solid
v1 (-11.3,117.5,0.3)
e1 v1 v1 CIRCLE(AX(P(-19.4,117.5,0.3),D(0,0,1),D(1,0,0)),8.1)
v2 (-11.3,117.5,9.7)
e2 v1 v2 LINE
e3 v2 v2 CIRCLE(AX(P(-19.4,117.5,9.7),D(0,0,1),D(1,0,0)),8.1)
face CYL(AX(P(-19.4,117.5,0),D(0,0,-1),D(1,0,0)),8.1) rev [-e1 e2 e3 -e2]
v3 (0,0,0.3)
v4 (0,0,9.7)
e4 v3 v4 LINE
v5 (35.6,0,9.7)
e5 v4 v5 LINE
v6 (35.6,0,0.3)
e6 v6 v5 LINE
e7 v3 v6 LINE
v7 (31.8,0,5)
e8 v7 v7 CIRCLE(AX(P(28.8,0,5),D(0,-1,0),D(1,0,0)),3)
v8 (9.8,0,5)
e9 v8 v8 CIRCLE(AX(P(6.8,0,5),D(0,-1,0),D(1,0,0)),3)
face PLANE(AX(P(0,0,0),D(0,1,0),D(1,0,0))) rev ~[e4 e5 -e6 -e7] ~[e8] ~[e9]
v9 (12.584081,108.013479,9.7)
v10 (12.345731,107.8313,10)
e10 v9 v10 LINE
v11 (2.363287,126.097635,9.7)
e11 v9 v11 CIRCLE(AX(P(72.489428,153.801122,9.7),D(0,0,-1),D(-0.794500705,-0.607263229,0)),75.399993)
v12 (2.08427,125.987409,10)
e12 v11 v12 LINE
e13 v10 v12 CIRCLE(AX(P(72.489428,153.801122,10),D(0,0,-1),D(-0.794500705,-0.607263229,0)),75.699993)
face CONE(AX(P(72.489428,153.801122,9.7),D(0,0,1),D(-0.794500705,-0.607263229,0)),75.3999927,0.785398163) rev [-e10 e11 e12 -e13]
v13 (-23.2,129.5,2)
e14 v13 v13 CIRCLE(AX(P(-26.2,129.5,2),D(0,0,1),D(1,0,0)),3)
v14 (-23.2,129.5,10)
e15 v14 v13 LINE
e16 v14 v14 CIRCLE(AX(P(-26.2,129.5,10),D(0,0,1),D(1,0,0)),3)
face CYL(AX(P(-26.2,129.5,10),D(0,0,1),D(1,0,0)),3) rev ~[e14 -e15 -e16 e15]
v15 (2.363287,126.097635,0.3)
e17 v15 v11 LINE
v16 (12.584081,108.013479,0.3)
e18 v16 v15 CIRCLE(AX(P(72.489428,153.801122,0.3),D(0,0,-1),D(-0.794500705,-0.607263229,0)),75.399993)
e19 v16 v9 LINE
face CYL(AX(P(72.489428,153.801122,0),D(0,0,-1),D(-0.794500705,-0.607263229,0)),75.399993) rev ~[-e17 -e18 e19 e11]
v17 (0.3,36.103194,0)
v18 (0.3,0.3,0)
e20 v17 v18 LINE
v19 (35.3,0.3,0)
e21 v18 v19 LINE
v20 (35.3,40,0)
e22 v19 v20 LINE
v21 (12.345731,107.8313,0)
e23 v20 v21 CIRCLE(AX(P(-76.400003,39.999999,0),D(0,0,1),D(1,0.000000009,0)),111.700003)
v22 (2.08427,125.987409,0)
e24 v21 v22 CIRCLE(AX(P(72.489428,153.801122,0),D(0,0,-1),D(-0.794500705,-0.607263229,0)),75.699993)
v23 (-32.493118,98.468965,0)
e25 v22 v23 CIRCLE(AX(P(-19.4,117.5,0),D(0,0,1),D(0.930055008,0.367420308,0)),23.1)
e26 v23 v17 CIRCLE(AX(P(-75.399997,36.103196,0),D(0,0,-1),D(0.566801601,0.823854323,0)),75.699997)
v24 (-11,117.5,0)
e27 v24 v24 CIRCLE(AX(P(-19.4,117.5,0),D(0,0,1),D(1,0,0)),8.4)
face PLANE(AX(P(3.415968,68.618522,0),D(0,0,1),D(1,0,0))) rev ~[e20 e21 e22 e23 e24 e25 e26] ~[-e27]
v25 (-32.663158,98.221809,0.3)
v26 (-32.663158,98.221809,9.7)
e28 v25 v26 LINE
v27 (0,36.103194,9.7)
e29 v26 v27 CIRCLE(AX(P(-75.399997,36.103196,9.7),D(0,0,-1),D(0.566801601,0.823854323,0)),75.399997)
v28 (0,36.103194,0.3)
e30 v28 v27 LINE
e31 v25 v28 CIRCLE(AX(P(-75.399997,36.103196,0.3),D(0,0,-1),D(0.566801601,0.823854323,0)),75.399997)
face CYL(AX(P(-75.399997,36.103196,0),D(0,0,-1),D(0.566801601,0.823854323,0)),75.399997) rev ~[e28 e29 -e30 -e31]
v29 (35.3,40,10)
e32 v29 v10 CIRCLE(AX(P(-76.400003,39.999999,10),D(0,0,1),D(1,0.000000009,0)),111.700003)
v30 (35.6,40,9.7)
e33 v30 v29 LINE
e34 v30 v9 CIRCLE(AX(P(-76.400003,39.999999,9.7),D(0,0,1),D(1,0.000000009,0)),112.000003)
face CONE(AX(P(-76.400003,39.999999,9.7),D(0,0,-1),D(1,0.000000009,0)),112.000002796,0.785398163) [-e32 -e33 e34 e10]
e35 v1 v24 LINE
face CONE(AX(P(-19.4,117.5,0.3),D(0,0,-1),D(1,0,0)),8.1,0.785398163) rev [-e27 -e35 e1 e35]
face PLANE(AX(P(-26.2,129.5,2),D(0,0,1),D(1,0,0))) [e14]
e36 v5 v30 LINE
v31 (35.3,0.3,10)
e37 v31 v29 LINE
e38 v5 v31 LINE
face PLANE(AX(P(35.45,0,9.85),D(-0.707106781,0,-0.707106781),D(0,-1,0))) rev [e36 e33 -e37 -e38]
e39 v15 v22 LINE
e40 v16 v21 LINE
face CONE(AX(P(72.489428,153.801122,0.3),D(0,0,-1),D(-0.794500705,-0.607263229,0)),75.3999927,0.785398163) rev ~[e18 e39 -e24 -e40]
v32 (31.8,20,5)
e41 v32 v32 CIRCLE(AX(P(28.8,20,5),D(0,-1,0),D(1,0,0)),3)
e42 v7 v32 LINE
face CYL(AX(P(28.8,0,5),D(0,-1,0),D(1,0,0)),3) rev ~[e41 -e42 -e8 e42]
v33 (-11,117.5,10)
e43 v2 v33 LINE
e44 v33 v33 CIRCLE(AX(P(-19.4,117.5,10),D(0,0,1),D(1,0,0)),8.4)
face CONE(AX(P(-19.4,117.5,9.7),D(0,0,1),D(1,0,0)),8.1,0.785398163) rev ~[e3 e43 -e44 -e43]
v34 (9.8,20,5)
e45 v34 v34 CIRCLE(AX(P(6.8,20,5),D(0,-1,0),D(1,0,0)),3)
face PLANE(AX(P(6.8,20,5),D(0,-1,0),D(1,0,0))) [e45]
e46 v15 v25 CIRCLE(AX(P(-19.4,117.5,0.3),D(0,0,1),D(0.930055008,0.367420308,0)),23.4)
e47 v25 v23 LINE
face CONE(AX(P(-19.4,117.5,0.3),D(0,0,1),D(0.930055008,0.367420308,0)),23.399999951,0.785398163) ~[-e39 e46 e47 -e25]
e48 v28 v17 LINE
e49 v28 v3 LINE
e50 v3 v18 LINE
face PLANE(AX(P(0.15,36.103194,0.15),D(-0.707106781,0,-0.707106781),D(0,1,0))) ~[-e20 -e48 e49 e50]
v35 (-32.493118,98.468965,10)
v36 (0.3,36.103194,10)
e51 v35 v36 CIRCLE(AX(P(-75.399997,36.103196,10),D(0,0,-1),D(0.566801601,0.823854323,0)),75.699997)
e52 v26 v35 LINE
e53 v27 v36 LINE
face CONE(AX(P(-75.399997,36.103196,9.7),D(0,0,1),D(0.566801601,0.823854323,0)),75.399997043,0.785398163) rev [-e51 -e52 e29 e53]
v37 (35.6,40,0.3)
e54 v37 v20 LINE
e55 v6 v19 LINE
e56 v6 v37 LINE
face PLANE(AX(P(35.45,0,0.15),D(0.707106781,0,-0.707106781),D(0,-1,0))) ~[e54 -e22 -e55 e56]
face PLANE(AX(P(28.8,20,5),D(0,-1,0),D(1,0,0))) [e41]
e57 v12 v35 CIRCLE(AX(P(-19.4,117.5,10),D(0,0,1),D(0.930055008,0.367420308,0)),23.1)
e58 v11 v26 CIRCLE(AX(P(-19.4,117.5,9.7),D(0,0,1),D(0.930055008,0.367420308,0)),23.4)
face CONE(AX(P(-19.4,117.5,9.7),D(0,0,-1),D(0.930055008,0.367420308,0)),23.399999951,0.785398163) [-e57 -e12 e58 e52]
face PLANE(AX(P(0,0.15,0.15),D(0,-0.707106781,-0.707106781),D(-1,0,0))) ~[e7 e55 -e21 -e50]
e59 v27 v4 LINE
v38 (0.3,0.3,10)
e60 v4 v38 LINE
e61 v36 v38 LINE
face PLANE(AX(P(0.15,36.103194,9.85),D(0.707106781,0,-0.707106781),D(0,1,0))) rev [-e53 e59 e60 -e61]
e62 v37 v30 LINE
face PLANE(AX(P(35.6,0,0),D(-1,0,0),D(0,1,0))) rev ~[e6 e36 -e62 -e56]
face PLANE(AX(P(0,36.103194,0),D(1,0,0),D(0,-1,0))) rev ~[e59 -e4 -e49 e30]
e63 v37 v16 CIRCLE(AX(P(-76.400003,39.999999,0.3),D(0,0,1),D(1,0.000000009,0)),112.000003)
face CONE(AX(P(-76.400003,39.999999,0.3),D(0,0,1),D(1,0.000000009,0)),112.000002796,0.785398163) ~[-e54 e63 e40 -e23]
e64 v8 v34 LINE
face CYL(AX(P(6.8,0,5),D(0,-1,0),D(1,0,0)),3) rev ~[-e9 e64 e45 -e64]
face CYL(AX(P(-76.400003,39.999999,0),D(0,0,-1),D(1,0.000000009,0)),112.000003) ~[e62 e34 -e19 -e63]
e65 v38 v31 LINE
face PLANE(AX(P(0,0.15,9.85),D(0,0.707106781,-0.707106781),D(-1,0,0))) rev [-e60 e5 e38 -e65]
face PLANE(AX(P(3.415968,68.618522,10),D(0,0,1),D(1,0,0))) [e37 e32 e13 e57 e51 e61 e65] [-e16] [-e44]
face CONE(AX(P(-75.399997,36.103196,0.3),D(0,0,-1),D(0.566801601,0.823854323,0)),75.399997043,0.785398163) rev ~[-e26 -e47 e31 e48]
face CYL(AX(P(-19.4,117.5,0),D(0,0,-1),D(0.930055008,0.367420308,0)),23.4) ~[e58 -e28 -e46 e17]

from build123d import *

# Parameters (mm, degrees)
F0_R     = 8.1
F1_DEPTH = 10
F2_SIZE  = 0.3
F3_R     = 3
F4_DEPTH = 8
F5_R     = 3
F6_DEPTH = 20


with BuildPart() as f1:
    # F0 (on Top) → F1 (new body)
    with BuildSketch(Plane.XY):
        with BuildLine():
            Line((0, 36.103194), (0, 0))
            Line((0, 0), (35.6, 0))
            Line((35.6, 0), (35.6, 40))
            ThreePointArc((35.6, 40), (29.690096, 75.901135), (12.584081, 108.013479))
            ThreePointArc((12.584081, 108.013479), (6.847931, 116.701894), (2.363287, 126.097635))
            ThreePointArc((2.363287, 126.097635), (-33.971495, 135.809329), (-32.663158, 98.221809))
            ThreePointArc((-32.663158, 98.221809), (-8.663511, 71.194519), (0, 36.103194))
        make_face()
        with Locations((-19.4, 117.5)):
            Circle(F0_R, mode=Mode.SUBTRACT)
    extrude(amount=F1_DEPTH)

    # F2
    f2_edges = [f1.edges().sort_by_distance(p)[0] for p in [
        (17.8, 0, 10),
        (0, 18.051597, 10),
        (-27.5, 117.5, 10),
        (29.690096, 75.901135, 0),
        (-27.5, 117.5, 0),
        (17.8, 0, 0),
    ]]
    chamfer(f2_edges, length=F2_SIZE)

    # F3 (on face) → F4 (cut)
    with BuildSketch(Plane.XY.offset(10)):
        with Locations((-26.2, 129.5)):
            Circle(F3_R)
    extrude(amount=-F4_DEPTH, mode=Mode.SUBTRACT)

    # F5 (on face) → F6 (cut)
    with BuildSketch(Plane.XZ):
        with Locations((6.8, 5)):
            Circle(F5_R)
        with Locations((28.8, 5)):
            Circle(F5_R)
    extrude(amount=-F6_DEPTH, mode=Mode.SUBTRACT)


solid = f1.part
